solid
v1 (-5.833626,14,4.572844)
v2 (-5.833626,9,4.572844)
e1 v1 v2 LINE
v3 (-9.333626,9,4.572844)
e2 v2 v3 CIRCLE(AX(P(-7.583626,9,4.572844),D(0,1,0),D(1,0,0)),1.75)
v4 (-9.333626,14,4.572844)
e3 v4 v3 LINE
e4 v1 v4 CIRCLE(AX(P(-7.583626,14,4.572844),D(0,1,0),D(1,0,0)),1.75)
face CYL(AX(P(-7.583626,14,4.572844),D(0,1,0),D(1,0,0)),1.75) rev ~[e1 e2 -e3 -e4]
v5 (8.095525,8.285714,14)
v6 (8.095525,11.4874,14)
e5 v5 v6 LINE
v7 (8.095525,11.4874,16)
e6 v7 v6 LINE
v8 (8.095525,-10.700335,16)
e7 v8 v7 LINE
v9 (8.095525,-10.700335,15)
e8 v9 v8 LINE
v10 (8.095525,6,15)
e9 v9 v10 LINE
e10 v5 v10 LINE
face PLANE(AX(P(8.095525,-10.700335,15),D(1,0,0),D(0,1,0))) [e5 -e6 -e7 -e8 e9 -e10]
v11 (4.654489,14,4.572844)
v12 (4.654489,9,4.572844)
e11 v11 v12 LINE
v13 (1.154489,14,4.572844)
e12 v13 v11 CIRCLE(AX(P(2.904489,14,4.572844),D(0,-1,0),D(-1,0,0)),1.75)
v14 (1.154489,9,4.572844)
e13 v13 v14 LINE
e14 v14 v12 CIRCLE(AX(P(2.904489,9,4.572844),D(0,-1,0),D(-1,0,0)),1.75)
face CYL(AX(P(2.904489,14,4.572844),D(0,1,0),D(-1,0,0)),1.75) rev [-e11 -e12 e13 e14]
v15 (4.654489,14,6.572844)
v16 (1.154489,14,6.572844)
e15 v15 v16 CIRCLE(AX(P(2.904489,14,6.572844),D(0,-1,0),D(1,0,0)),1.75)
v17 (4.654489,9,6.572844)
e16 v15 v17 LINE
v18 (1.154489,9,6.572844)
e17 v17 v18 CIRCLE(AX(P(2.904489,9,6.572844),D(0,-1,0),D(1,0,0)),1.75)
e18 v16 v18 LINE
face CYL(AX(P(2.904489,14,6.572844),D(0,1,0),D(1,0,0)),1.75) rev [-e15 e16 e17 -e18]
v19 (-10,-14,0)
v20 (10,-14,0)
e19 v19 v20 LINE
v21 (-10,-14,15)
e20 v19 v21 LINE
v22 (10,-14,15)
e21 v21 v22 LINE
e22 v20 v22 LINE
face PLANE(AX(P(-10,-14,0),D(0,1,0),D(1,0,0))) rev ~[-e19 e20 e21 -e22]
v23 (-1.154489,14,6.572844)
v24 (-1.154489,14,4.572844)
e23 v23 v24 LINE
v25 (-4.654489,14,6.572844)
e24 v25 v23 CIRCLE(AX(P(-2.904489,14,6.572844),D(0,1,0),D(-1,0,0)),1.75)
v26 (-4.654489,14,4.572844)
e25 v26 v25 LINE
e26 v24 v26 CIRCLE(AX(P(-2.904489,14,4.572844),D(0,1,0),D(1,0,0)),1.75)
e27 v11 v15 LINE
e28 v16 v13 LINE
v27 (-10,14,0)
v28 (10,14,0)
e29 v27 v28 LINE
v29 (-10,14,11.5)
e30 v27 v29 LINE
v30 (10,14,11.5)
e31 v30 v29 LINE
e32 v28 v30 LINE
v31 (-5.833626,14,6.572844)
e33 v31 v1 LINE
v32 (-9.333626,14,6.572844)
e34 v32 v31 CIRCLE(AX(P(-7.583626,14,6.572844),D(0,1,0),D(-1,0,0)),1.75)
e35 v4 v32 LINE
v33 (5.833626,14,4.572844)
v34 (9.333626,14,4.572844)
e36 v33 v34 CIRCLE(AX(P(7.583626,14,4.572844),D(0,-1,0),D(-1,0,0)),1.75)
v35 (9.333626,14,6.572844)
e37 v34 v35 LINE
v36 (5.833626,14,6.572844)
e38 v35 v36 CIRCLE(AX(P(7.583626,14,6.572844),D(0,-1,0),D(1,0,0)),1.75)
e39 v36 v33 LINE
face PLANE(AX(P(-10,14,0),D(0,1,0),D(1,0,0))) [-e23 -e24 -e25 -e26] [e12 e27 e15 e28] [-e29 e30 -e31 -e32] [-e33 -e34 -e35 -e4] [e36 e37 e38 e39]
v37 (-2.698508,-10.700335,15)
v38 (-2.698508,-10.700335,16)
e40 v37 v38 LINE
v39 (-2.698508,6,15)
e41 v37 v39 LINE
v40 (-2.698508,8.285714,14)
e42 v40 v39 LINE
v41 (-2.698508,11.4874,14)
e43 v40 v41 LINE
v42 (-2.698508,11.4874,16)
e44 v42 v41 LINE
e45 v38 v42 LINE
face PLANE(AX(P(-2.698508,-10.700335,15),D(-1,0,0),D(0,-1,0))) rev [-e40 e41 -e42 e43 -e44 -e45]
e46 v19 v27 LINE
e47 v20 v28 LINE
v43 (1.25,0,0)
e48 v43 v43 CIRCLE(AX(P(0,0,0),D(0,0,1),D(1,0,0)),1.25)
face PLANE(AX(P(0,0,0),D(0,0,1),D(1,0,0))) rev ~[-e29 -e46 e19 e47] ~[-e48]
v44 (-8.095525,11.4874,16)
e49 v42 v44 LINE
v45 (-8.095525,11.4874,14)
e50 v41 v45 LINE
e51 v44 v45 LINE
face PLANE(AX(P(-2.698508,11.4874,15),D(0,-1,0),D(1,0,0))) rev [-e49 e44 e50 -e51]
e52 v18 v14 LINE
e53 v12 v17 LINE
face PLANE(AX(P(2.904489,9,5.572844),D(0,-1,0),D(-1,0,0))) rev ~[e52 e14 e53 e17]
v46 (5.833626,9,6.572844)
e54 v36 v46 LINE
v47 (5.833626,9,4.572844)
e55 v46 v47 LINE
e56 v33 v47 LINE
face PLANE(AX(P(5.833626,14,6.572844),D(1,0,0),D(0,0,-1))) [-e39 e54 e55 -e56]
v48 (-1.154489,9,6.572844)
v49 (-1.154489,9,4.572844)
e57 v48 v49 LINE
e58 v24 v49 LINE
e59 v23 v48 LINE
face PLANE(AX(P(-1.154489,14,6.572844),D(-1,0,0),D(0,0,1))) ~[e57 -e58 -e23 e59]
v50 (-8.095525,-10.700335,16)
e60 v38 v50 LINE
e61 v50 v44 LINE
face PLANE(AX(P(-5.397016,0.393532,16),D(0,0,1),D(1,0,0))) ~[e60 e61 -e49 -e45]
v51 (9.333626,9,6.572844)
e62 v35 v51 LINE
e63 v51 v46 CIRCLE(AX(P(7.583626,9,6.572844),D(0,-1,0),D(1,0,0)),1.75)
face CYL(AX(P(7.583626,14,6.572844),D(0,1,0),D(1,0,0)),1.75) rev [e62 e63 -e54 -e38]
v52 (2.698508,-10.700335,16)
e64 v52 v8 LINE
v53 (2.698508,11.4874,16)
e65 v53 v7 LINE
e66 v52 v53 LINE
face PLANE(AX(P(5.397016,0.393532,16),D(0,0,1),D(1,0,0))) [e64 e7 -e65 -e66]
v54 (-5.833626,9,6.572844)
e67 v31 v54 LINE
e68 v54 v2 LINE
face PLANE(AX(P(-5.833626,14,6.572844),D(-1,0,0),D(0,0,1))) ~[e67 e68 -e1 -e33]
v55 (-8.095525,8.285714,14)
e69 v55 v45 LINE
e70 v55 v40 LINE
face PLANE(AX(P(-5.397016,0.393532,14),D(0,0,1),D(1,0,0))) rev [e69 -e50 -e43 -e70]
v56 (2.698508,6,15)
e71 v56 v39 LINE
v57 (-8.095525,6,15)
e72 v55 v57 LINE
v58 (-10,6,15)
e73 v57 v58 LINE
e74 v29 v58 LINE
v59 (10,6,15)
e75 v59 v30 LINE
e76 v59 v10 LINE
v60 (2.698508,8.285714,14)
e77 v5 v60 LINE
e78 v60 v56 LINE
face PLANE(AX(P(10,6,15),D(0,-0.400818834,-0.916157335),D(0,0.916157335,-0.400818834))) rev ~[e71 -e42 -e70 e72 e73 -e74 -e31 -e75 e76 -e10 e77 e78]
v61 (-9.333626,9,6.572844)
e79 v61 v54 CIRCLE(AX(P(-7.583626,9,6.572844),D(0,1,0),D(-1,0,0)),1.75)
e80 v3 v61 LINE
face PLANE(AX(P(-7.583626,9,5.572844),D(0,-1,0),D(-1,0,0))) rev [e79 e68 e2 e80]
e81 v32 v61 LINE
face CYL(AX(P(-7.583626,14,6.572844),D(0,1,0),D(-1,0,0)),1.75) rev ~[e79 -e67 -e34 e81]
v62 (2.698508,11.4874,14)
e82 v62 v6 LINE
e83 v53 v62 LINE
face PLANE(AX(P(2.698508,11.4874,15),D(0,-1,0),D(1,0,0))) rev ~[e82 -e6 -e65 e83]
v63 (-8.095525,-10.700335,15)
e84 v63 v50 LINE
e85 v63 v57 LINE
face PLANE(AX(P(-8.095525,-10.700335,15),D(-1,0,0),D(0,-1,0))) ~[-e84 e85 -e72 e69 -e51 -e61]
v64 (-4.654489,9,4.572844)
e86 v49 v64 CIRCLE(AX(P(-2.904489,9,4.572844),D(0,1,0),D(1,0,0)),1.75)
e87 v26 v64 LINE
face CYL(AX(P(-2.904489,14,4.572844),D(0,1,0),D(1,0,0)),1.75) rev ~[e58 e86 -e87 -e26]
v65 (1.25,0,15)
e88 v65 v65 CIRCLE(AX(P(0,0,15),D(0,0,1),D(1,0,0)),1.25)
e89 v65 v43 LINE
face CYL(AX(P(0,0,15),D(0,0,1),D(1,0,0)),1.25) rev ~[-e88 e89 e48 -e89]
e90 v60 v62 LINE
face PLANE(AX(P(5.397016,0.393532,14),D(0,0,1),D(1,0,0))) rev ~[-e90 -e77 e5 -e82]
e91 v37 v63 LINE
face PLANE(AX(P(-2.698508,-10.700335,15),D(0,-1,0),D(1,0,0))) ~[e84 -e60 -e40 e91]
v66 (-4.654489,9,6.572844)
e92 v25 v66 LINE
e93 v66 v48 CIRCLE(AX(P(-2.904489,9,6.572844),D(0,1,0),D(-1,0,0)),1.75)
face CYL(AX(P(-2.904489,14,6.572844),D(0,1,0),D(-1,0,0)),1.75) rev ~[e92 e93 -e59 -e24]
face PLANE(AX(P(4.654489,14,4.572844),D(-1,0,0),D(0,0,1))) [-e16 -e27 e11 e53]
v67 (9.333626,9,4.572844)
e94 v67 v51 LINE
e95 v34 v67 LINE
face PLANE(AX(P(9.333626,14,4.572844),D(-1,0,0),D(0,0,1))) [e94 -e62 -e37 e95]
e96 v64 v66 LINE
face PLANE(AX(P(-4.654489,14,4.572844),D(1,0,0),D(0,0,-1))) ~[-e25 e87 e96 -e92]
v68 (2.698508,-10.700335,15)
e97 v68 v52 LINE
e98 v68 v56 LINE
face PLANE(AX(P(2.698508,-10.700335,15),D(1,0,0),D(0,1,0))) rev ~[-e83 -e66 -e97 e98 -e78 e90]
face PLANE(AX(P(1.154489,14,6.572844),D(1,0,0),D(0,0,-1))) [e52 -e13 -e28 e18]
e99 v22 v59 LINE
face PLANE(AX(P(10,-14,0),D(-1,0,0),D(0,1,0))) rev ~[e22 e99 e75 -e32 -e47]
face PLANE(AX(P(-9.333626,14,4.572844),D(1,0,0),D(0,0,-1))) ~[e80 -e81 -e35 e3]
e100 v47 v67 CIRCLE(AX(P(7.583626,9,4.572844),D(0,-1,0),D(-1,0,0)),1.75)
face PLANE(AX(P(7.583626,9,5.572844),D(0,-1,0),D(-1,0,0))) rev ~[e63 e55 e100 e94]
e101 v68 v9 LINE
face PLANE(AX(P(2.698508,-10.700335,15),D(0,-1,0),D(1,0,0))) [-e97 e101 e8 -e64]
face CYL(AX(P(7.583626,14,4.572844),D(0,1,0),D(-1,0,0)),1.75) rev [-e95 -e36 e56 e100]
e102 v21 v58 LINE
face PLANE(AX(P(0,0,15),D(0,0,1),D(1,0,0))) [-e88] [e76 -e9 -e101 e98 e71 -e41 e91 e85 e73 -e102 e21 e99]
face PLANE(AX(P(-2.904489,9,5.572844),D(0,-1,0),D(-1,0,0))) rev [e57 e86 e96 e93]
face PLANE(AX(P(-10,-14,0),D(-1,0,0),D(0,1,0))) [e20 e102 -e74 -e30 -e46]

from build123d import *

# Parameters (mm, degrees)
SKETCH1_W           = 20
SKETCH1_H           = 28
BOSS_EXTRUDE1_DEPTH = 15
CUT_EXTRUDE1_DEPTH  = 21
CUT_EXTRUDE2_DEPTH  = 5
SKETCH4_W           = 5.397016415
SKETCH4_H           = 22.187734152
BOSS_EXTRUDE2_DEPTH = 1
SKETCH5_R           = 1.25
CUT_EXTRUDE3_DEPTH  = 16


with BuildPart() as part:
    # Sketch1 → Boss-Extrude1 (new body)
    with BuildSketch(Plane.XY):
        Rectangle(SKETCH1_W, SKETCH1_H)
    extrude(amount=BOSS_EXTRUDE1_DEPTH)

    # Sketch2 → Cut-Extrude1 (cut, through all)
    with BuildSketch(Plane(origin=(10, 0, 0), x_dir=(0, 0, -1), z_dir=(1, 0, 0))):
        Polygon((-11.5, 14), (-15, 14), (-15, 6), align=None)
    extrude(amount=-CUT_EXTRUDE1_DEPTH, mode=Mode.SUBTRACT)

    # Sketch3 → Cut-Extrude2 (cut)
    with BuildSketch(Plane(origin=(0, 14, 0), x_dir=(1, 0, 0), z_dir=(0, 1, 0))):
        with BuildLine():
            Line((4.654488589, -4.572843843), (4.654488589, -6.572843843))
            ThreePointArc((4.654488589, -6.572843843), (2.904488589, -8.322843843), (1.154488589, -6.572843843))
            Line((1.154488589, -6.572843843), (1.154488589, -4.572843843))
            ThreePointArc((1.154488589, -4.572843843), (2.904488589, -2.822843843), (4.654488589, -4.572843843))
        make_face()
        with BuildLine():
            Line((9.333625698, -4.572843843), (9.333625698, -6.572843843))
            ThreePointArc((9.333625698, -6.572843843), (7.583625698, -8.322843843), (5.833625698, -6.572843843))
            Line((5.833625698, -6.572843843), (5.833625698, -4.572843843))
            ThreePointArc((5.833625698, -4.572843843), (7.583625698, -2.822843843), (9.333625698, -4.572843843))
        make_face()
    cut_extrude2 = extrude(amount=-CUT_EXTRUDE2_DEPTH, mode=Mode.SUBTRACT)

    # Sketch4 → Boss-Extrude2 (add, symmetric)
    with BuildSketch(Plane.XY.offset(15)):
        with Locations((5.397016416, 0.393532447)):
            Rectangle(SKETCH4_W, SKETCH4_H)
    boss_extrude2 = extrude(amount=BOSS_EXTRUDE2_DEPTH, both=True)

    # Mirror1: Cut-Extrude2, Boss-Extrude2 across plane
    add(cut_extrude2.mirror(Plane(origin=(0, 0, 0), x_dir=(0, 0, 1), z_dir=(1, 0, 0))), mode=Mode.SUBTRACT)
    add(boss_extrude2.mirror(Plane(origin=(0, 0, 0), x_dir=(0, 0, 1), z_dir=(1, 0, 0))))

    # Sketch5 → Cut-Extrude3 (cut, through all)
    with BuildSketch(Plane.XY.offset(15)):
        Circle(SKETCH5_R)
    extrude(amount=-CUT_EXTRUDE3_DEPTH, mode=Mode.SUBTRACT)


solid = part.part
